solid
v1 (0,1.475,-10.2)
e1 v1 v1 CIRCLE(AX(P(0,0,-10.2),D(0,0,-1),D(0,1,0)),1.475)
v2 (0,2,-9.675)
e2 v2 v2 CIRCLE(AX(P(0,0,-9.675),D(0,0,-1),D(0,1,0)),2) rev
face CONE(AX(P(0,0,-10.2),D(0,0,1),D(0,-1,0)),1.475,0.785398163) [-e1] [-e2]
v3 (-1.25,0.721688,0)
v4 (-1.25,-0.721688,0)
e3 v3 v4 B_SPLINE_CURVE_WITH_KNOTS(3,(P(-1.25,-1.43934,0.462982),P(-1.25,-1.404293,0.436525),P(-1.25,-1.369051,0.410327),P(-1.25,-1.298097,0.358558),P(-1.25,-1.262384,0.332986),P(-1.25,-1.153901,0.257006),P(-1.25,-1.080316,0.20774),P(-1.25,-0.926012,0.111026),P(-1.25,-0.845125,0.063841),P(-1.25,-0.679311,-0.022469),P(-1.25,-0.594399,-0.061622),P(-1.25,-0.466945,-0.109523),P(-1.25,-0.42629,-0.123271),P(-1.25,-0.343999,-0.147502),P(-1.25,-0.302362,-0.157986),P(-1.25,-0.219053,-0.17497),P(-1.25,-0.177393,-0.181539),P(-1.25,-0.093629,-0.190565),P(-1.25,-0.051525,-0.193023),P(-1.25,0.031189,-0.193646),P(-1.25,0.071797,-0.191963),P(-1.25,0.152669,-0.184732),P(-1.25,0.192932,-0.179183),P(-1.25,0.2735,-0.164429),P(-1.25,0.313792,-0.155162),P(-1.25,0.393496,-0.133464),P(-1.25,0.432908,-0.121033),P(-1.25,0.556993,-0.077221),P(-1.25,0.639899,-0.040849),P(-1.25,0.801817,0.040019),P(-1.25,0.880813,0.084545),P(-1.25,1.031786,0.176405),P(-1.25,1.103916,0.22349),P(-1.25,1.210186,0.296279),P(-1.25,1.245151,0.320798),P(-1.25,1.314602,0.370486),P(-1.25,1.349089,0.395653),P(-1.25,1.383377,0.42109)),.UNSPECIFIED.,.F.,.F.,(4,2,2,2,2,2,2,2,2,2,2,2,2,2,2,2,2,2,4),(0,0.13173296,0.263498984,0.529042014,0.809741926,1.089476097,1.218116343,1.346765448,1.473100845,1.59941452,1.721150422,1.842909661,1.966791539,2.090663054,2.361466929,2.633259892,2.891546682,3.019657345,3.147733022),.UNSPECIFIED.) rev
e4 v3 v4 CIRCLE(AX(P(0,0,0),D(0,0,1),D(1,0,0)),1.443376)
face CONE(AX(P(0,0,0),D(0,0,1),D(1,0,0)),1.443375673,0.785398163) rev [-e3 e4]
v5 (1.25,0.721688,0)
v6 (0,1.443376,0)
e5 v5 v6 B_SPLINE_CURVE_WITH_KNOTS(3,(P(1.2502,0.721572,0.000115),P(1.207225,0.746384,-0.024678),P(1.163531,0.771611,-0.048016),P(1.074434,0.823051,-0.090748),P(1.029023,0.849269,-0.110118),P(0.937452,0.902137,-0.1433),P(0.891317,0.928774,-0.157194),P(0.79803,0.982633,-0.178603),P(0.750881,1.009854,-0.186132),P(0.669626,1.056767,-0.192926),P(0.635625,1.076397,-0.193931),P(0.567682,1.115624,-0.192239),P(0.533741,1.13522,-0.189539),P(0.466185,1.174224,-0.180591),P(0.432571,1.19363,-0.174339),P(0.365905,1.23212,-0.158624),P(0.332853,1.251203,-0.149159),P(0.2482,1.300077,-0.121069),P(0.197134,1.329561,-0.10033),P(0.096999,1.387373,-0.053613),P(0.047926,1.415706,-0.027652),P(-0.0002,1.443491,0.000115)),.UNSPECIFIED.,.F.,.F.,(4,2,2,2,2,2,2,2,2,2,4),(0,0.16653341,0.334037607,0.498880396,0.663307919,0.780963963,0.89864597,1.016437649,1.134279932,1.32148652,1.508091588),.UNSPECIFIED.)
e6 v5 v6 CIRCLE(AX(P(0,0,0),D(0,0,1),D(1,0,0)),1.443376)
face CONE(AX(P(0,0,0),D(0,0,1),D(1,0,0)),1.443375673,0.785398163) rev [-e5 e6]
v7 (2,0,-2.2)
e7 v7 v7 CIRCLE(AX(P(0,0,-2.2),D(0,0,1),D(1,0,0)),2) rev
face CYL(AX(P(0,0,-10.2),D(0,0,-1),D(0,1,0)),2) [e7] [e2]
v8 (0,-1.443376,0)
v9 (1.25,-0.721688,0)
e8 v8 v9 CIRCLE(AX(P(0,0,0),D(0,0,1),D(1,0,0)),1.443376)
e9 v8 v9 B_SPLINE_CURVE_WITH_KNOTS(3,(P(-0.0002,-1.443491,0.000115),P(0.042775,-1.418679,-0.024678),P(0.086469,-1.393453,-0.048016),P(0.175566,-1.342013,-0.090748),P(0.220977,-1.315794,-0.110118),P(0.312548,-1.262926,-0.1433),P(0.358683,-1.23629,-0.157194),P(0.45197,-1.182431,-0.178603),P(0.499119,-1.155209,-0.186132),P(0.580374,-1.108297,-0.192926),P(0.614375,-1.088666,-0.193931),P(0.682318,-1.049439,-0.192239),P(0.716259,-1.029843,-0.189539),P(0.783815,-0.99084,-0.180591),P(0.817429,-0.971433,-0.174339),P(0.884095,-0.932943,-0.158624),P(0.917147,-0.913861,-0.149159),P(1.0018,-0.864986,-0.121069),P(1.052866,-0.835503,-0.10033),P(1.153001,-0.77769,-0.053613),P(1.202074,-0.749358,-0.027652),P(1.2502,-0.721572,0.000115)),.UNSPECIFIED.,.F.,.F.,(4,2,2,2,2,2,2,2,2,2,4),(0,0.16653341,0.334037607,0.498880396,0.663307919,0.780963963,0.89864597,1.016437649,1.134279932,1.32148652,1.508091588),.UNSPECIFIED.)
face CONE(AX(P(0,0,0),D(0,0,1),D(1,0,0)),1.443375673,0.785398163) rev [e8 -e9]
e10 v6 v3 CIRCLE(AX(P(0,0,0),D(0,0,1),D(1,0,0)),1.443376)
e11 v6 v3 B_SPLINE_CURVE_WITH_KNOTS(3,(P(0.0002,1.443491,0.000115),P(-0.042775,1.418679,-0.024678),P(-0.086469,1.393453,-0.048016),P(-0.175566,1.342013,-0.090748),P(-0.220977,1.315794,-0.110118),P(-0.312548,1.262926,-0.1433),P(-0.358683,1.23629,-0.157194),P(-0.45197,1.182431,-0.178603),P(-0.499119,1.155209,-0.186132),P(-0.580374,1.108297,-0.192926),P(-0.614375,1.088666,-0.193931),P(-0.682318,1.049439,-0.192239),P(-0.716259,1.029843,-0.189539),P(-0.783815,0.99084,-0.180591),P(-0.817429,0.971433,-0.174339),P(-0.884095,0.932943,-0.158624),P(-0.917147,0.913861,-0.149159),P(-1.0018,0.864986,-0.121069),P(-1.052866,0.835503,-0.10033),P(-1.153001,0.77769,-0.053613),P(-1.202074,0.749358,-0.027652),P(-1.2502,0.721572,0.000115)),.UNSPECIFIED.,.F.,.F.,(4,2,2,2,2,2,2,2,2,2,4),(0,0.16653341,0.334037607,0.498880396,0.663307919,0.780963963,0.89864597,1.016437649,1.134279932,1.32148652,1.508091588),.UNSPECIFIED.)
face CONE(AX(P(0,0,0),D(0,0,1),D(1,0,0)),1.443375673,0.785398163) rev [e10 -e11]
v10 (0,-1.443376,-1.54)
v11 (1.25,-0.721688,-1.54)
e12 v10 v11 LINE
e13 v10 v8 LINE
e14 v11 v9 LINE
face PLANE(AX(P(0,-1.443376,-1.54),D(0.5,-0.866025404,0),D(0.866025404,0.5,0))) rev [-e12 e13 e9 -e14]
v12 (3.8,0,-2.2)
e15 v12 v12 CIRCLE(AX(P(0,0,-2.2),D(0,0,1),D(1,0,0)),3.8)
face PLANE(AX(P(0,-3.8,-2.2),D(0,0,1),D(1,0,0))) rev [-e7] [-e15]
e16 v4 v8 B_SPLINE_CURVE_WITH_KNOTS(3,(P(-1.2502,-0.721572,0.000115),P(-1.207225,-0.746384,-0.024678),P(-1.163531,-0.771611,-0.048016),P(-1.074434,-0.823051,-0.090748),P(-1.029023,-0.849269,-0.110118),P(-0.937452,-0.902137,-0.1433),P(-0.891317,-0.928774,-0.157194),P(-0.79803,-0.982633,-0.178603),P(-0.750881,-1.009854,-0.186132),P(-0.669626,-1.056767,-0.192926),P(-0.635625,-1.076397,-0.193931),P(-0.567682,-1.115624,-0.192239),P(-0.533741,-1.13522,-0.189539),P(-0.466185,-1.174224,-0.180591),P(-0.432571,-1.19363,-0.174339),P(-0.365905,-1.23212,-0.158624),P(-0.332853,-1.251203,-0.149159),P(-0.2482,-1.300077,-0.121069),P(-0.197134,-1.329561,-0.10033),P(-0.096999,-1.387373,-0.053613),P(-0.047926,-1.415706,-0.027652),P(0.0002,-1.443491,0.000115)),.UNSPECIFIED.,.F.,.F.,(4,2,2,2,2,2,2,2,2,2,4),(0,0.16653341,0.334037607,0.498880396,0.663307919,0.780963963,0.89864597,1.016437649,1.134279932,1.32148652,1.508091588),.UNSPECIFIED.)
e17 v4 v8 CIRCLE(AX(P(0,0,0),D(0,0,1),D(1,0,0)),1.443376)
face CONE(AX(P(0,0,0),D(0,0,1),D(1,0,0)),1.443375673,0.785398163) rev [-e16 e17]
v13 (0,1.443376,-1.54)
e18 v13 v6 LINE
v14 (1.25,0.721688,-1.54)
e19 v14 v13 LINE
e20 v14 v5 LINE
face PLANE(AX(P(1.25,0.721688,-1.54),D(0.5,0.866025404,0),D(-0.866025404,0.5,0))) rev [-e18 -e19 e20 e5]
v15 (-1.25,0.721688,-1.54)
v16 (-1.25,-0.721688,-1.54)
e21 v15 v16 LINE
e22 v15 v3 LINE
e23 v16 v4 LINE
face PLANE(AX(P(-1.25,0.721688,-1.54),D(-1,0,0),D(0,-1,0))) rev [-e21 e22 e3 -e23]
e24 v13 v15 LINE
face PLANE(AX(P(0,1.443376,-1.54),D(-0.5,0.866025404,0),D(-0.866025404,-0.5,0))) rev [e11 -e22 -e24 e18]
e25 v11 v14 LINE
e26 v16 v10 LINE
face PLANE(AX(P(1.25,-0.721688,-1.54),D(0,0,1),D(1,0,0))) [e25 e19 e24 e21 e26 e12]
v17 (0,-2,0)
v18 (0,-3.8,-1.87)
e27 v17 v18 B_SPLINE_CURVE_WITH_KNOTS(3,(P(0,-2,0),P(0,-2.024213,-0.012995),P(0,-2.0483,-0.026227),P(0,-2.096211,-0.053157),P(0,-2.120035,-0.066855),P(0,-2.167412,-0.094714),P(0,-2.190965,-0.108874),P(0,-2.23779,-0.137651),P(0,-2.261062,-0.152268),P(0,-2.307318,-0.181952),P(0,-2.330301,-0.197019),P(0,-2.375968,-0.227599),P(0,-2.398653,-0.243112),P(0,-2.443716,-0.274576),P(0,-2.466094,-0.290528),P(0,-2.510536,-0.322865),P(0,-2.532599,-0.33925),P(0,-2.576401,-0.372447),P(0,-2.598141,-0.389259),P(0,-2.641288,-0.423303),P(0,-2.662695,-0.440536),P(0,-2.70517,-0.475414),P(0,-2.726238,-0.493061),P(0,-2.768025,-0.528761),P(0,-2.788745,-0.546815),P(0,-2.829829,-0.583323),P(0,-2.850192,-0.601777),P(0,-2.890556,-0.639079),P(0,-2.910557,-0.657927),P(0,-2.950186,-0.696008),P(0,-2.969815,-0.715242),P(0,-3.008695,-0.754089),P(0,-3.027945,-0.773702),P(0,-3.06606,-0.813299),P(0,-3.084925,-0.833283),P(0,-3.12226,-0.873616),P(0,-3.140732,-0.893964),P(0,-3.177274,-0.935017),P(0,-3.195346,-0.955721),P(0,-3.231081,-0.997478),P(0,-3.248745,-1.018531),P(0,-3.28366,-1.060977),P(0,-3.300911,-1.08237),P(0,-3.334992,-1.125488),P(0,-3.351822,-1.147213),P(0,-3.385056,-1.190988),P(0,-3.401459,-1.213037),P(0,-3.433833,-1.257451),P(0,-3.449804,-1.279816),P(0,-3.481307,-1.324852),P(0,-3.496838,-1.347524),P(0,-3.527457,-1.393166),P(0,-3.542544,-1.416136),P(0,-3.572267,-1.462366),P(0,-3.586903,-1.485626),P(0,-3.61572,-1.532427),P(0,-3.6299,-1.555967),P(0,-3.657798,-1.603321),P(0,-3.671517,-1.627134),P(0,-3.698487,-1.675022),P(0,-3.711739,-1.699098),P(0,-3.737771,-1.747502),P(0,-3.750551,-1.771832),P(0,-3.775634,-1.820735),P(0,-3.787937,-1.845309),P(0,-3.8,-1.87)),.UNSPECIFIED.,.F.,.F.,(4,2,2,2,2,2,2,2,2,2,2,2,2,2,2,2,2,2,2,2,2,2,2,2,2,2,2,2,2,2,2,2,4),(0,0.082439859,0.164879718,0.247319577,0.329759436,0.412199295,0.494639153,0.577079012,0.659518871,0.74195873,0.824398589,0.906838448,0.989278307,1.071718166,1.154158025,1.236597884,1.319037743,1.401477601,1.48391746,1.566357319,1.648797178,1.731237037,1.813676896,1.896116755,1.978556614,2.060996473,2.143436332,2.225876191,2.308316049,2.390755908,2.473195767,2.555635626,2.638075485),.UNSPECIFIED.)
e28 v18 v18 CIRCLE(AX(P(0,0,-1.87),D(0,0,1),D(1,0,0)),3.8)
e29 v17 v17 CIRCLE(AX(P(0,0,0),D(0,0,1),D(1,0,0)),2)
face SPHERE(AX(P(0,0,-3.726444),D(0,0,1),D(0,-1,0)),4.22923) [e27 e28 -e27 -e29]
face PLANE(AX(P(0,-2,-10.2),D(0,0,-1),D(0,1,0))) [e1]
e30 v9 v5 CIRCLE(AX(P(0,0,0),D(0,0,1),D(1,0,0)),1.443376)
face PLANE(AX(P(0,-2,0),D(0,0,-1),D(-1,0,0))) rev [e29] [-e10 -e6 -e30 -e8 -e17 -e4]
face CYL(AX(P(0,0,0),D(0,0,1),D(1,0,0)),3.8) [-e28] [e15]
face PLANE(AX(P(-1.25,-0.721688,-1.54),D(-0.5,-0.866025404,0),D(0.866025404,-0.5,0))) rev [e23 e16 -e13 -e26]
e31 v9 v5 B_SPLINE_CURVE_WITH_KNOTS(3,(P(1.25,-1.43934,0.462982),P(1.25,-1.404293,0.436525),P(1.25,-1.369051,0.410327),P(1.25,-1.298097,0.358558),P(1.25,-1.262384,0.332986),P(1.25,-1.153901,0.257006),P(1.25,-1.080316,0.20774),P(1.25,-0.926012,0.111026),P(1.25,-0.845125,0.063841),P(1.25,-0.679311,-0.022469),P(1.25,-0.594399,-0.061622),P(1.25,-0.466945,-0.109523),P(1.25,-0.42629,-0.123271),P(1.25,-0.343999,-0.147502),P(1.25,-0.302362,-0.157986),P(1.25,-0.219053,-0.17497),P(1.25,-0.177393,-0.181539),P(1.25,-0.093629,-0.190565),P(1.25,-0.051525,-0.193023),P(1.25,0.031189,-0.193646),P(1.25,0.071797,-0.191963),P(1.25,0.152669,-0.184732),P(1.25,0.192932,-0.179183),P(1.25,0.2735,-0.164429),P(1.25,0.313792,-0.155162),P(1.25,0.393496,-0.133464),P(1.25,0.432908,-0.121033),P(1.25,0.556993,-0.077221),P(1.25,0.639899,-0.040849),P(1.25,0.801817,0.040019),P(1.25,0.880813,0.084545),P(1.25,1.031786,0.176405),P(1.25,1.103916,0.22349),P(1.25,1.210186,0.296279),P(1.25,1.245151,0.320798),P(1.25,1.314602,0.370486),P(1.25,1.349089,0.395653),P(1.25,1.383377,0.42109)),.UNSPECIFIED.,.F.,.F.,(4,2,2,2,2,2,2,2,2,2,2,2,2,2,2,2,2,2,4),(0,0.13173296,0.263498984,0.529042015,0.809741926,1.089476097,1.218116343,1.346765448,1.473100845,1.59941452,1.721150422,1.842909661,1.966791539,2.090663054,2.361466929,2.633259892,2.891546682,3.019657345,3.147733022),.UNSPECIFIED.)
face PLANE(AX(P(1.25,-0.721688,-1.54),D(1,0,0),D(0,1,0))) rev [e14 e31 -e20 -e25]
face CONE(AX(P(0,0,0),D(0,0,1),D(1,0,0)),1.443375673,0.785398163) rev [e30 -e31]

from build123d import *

# Parameters (mm, degrees)
SKETCH1_W          = 8
SKETCH1_H          = 2
CHAMFER1_SIZE      = 0.525
CUT_EXTRUDE2_DEPTH = 1.54


with BuildPart() as part:
    # Sketch1 → Revolve1 (revolve)
    with BuildSketch(Plane(origin=(0, 0, 0), x_dir=(0, 0, -1), z_dir=(1, 0, 0))):
        with Locations((6.2, 1)):
            Rectangle(SKETCH1_W, SKETCH1_H)
    revolve(axis=Axis((0, 0, -10.2), (0, 0, 1)))

    # Chamfer1
    chamfer1_edges = [part.edges().sort_by_distance(p)[0] for p in [
        (0, -2, -10.2),
    ]]
    chamfer(chamfer1_edges, length=CHAMFER1_SIZE)

    # Sketch7 → Revolve2 (revolve)
    with BuildSketch(Plane(origin=(0, 0, 0), x_dir=(0, 0, -1), z_dir=(1, 0, 0))):
        with BuildLine():
            Line((1.87, 3.8), (2.2, 3.8))
            Line((2.2, 3.8), (2.2, 0))
            Line((2.2, 0), (0, 0))
            Line((0, 0), (0, 2))
            ThreePointArc((0, 2), (0.793500147, 3.047002626), (1.87, 3.8))
        make_face()
    revolve(axis=Axis((0, 0, 0), (0, 0, -1)))

    # Sketch5 → Cut-Extrude2 (cut)
    with BuildSketch(Plane.XY):
        Polygon((1.25, -0.721687836), (1.25, 0.721687836), (0, 1.443375673), (-1.25, 0.721687836), (-1.25, -0.721687836), (0, -1.443375673), align=None)
    extrude(amount=-CUT_EXTRUDE2_DEPTH, mode=Mode.SUBTRACT)

    # Cut-Extrude3 cone 1 section (through the dimple's axis) → Cut-Extrude3 (revolve, cut)
    with BuildSketch(Plane(origin=(0, 0, 0), x_dir=(0, -1, 0), z_dir=(1, 0, 0))):
        Polygon((0, 0), (1.443375673, 0), (0, 1.443375673), align=None)
    revolve(axis=Axis((0, 0, 0), (0, 0, -1)), mode=Mode.SUBTRACT)


solid = part.part
